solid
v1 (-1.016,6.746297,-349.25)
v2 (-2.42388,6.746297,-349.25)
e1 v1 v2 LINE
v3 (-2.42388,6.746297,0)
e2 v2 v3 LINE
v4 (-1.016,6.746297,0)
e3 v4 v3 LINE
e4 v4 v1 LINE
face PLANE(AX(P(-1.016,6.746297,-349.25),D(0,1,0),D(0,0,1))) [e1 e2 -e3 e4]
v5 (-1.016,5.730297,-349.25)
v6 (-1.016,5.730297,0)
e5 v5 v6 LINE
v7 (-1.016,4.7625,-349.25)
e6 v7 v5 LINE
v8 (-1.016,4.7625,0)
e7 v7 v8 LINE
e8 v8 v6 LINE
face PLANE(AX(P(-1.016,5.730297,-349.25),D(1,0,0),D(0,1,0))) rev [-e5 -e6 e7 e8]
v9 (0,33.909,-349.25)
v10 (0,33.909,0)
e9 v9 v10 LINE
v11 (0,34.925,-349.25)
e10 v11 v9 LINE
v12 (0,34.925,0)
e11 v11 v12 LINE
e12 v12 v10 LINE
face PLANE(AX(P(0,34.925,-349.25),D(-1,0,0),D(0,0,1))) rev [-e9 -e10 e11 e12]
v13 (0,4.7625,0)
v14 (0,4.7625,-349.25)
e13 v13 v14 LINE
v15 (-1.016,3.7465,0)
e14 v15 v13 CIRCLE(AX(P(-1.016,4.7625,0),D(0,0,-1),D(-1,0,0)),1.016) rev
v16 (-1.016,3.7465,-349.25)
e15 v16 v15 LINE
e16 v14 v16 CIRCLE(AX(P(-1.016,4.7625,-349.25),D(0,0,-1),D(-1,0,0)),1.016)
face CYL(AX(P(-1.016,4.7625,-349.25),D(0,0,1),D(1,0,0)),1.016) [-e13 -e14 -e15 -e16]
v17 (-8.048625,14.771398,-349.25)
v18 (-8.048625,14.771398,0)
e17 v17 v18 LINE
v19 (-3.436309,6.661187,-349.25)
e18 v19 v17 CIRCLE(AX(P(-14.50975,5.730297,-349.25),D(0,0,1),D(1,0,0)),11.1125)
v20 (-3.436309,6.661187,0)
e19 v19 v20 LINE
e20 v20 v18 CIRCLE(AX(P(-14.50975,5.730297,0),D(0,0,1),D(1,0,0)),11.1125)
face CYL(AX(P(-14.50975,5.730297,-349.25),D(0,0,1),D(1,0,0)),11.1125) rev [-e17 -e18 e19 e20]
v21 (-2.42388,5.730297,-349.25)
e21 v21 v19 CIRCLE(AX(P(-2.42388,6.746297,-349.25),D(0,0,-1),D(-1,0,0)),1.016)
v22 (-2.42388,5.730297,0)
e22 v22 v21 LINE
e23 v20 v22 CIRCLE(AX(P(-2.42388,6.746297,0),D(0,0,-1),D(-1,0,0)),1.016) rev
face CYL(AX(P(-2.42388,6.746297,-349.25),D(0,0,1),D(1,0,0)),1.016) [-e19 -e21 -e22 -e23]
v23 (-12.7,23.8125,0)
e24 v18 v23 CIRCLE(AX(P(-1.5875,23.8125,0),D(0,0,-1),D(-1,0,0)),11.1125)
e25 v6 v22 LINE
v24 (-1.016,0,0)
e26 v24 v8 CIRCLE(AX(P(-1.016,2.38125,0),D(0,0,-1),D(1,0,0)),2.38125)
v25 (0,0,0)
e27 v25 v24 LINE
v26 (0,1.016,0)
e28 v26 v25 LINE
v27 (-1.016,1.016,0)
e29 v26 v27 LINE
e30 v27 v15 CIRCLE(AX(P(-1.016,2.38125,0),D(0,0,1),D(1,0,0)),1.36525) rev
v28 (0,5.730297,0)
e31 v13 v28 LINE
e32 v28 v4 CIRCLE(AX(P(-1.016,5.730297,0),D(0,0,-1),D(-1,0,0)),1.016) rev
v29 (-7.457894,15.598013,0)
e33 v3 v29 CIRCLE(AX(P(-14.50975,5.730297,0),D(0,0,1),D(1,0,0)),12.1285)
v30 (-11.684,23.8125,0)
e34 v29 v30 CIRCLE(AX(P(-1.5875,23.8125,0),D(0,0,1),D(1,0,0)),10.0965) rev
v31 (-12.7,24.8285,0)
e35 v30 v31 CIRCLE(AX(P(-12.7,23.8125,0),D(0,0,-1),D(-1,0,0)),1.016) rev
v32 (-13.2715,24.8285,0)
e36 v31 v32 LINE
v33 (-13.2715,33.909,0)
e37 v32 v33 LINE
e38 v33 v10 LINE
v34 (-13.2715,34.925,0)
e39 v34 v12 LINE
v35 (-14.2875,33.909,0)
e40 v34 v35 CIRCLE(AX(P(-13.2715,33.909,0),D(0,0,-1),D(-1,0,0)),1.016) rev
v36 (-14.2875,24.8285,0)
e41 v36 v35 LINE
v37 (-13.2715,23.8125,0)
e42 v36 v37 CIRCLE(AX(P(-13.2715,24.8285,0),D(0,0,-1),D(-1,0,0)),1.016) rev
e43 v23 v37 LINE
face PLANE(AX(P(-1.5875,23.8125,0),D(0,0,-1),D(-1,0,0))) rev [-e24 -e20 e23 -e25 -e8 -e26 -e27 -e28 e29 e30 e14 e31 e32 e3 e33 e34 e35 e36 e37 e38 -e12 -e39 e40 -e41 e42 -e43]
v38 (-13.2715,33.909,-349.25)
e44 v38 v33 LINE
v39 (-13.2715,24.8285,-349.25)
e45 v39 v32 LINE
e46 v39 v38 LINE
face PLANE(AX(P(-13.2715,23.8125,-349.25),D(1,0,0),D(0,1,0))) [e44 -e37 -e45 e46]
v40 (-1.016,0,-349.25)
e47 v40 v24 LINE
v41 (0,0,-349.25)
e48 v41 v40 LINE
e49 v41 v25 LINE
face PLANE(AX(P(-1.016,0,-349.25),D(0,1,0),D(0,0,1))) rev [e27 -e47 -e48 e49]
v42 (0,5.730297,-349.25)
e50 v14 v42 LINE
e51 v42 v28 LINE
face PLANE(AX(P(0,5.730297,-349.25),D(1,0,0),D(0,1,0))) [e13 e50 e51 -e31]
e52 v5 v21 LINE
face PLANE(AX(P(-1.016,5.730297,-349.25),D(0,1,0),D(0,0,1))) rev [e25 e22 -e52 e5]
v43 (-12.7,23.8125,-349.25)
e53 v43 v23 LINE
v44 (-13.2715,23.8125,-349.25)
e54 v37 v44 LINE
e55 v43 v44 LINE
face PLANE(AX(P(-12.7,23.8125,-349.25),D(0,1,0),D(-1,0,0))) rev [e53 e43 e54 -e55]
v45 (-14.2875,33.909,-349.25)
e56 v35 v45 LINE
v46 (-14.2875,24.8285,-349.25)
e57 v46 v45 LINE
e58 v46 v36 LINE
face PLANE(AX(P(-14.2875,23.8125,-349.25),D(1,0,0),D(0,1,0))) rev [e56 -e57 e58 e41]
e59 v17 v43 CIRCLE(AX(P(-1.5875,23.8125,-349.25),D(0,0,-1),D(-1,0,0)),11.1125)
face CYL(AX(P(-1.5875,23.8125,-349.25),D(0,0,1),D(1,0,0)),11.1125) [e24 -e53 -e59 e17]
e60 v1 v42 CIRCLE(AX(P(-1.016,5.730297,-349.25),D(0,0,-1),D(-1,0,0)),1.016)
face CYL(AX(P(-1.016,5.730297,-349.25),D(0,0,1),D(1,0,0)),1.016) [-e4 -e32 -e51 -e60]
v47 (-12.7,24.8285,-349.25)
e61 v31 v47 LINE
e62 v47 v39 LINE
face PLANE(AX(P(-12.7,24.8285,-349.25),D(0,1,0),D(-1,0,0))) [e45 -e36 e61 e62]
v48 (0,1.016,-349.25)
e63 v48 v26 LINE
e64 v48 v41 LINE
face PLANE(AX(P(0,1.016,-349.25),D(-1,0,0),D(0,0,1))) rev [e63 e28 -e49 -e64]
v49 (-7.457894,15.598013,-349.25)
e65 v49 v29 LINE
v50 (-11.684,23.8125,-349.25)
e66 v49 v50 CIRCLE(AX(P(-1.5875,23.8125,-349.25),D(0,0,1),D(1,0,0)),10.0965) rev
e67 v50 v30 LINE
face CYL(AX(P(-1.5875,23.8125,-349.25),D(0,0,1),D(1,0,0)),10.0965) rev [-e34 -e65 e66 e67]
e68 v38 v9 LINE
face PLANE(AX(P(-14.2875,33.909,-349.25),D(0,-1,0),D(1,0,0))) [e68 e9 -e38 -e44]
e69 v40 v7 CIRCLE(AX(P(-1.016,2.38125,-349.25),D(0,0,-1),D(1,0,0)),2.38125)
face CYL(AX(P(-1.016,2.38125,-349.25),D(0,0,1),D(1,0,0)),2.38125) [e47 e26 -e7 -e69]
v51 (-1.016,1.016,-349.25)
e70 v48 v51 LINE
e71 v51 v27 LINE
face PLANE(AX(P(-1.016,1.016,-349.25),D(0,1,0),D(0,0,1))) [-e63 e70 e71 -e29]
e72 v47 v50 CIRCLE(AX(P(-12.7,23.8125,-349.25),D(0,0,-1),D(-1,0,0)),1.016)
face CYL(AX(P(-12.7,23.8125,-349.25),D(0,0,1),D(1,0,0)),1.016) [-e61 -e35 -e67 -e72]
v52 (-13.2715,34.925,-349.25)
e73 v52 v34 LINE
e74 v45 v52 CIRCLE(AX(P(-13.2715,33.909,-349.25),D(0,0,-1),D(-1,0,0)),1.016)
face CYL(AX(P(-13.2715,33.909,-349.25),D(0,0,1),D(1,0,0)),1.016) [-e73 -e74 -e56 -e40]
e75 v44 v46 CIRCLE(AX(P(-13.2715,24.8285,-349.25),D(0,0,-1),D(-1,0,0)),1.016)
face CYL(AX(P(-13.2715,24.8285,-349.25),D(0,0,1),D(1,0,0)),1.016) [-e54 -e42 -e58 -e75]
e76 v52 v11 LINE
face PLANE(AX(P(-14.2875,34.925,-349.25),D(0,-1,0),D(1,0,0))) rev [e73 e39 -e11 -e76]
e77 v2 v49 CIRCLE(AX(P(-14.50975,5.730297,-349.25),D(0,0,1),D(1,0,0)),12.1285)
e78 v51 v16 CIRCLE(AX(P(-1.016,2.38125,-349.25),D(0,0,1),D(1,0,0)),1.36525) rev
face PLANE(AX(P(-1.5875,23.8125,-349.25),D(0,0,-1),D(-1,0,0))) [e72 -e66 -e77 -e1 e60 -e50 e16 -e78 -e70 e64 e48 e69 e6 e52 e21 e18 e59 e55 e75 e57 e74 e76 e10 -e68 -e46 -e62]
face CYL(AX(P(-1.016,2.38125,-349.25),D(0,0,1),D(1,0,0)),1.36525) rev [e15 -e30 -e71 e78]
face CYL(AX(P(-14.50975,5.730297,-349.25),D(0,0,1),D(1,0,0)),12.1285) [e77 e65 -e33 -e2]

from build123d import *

# Parameters (mm, degrees)
EXTRUDE_THIN1_DEPTH = 349.25
FILLET1_R           = 1.016


with BuildPart() as part:
    # Sketch1 → Extrude-Thin1 (new body)
    with BuildSketch(Plane.XY):
        with BuildLine():
            Line((0, 34.925), (-14.2875, 34.925))
            Line((-14.2875, 34.925), (-14.2875, 23.8125))
            Line((-14.2875, 23.8125), (-12.7, 23.8125))
            ThreePointArc((-12.7, 23.8125), (-11.46897023, 18.728780658), (-8.048625, 14.771398298))
            ThreePointArc((-8.048625, 14.771398298), (-4.62827977, 10.814015938), (-3.39725, 5.730296596))
            Line((-3.39725, 5.730296596), (-1.016, 5.730296596))
            Line((-1.016, 5.730296596), (-1.016, 4.7625))
            ThreePointArc((-1.016, 4.7625), (-3.39725, 2.38125), (-1.016, 0))
            Line((-1.016, 0), (0, 0))
            Line((0, 0), (0, 1.016))
            Line((0, 1.016), (-1.016, 1.016))
            ThreePointArc((-1.016, 1.016), (-2.26278514, 2.93751826), (0, 3.29319932))
            Line((0, 3.29319932), (0, 6.746296596))
            Line((0, 6.746296596), (-2.423879893, 6.746296596))
            ThreePointArc((-2.423879893, 6.746296596), (-3.966915161, 11.726057249), (-7.457893571, 15.598013311))
            ThreePointArc((-7.457893571, 15.598013311), (-10.786815308, 19.651741643), (-11.632750432, 24.8285))
            Line((-11.632750432, 24.8285), (-13.2715, 24.8285))
            Line((-13.2715, 24.8285), (-13.2715, 33.909))
            Line((-13.2715, 33.909), (0, 33.909))
            Line((0, 33.909), (0, 34.925))
        make_face()
    extrude(amount=-EXTRUDE_THIN1_DEPTH)

    # Fillet1
    fillet1_edges = [part.edges().sort_by_distance(p)[0] for p in [
        (-11.632750432, 24.8285, -174.625),
        (0, 6.746296596, -174.625),
        (0, 3.29319932, -174.625),
        (-3.39725, 5.730296596, -174.625),
        (-14.2875, 23.8125, -174.625),
        (-14.2875, 34.925, -174.625),
    ]]
    fillet(fillet1_edges, radius=FILLET1_R)


solid = part.part
